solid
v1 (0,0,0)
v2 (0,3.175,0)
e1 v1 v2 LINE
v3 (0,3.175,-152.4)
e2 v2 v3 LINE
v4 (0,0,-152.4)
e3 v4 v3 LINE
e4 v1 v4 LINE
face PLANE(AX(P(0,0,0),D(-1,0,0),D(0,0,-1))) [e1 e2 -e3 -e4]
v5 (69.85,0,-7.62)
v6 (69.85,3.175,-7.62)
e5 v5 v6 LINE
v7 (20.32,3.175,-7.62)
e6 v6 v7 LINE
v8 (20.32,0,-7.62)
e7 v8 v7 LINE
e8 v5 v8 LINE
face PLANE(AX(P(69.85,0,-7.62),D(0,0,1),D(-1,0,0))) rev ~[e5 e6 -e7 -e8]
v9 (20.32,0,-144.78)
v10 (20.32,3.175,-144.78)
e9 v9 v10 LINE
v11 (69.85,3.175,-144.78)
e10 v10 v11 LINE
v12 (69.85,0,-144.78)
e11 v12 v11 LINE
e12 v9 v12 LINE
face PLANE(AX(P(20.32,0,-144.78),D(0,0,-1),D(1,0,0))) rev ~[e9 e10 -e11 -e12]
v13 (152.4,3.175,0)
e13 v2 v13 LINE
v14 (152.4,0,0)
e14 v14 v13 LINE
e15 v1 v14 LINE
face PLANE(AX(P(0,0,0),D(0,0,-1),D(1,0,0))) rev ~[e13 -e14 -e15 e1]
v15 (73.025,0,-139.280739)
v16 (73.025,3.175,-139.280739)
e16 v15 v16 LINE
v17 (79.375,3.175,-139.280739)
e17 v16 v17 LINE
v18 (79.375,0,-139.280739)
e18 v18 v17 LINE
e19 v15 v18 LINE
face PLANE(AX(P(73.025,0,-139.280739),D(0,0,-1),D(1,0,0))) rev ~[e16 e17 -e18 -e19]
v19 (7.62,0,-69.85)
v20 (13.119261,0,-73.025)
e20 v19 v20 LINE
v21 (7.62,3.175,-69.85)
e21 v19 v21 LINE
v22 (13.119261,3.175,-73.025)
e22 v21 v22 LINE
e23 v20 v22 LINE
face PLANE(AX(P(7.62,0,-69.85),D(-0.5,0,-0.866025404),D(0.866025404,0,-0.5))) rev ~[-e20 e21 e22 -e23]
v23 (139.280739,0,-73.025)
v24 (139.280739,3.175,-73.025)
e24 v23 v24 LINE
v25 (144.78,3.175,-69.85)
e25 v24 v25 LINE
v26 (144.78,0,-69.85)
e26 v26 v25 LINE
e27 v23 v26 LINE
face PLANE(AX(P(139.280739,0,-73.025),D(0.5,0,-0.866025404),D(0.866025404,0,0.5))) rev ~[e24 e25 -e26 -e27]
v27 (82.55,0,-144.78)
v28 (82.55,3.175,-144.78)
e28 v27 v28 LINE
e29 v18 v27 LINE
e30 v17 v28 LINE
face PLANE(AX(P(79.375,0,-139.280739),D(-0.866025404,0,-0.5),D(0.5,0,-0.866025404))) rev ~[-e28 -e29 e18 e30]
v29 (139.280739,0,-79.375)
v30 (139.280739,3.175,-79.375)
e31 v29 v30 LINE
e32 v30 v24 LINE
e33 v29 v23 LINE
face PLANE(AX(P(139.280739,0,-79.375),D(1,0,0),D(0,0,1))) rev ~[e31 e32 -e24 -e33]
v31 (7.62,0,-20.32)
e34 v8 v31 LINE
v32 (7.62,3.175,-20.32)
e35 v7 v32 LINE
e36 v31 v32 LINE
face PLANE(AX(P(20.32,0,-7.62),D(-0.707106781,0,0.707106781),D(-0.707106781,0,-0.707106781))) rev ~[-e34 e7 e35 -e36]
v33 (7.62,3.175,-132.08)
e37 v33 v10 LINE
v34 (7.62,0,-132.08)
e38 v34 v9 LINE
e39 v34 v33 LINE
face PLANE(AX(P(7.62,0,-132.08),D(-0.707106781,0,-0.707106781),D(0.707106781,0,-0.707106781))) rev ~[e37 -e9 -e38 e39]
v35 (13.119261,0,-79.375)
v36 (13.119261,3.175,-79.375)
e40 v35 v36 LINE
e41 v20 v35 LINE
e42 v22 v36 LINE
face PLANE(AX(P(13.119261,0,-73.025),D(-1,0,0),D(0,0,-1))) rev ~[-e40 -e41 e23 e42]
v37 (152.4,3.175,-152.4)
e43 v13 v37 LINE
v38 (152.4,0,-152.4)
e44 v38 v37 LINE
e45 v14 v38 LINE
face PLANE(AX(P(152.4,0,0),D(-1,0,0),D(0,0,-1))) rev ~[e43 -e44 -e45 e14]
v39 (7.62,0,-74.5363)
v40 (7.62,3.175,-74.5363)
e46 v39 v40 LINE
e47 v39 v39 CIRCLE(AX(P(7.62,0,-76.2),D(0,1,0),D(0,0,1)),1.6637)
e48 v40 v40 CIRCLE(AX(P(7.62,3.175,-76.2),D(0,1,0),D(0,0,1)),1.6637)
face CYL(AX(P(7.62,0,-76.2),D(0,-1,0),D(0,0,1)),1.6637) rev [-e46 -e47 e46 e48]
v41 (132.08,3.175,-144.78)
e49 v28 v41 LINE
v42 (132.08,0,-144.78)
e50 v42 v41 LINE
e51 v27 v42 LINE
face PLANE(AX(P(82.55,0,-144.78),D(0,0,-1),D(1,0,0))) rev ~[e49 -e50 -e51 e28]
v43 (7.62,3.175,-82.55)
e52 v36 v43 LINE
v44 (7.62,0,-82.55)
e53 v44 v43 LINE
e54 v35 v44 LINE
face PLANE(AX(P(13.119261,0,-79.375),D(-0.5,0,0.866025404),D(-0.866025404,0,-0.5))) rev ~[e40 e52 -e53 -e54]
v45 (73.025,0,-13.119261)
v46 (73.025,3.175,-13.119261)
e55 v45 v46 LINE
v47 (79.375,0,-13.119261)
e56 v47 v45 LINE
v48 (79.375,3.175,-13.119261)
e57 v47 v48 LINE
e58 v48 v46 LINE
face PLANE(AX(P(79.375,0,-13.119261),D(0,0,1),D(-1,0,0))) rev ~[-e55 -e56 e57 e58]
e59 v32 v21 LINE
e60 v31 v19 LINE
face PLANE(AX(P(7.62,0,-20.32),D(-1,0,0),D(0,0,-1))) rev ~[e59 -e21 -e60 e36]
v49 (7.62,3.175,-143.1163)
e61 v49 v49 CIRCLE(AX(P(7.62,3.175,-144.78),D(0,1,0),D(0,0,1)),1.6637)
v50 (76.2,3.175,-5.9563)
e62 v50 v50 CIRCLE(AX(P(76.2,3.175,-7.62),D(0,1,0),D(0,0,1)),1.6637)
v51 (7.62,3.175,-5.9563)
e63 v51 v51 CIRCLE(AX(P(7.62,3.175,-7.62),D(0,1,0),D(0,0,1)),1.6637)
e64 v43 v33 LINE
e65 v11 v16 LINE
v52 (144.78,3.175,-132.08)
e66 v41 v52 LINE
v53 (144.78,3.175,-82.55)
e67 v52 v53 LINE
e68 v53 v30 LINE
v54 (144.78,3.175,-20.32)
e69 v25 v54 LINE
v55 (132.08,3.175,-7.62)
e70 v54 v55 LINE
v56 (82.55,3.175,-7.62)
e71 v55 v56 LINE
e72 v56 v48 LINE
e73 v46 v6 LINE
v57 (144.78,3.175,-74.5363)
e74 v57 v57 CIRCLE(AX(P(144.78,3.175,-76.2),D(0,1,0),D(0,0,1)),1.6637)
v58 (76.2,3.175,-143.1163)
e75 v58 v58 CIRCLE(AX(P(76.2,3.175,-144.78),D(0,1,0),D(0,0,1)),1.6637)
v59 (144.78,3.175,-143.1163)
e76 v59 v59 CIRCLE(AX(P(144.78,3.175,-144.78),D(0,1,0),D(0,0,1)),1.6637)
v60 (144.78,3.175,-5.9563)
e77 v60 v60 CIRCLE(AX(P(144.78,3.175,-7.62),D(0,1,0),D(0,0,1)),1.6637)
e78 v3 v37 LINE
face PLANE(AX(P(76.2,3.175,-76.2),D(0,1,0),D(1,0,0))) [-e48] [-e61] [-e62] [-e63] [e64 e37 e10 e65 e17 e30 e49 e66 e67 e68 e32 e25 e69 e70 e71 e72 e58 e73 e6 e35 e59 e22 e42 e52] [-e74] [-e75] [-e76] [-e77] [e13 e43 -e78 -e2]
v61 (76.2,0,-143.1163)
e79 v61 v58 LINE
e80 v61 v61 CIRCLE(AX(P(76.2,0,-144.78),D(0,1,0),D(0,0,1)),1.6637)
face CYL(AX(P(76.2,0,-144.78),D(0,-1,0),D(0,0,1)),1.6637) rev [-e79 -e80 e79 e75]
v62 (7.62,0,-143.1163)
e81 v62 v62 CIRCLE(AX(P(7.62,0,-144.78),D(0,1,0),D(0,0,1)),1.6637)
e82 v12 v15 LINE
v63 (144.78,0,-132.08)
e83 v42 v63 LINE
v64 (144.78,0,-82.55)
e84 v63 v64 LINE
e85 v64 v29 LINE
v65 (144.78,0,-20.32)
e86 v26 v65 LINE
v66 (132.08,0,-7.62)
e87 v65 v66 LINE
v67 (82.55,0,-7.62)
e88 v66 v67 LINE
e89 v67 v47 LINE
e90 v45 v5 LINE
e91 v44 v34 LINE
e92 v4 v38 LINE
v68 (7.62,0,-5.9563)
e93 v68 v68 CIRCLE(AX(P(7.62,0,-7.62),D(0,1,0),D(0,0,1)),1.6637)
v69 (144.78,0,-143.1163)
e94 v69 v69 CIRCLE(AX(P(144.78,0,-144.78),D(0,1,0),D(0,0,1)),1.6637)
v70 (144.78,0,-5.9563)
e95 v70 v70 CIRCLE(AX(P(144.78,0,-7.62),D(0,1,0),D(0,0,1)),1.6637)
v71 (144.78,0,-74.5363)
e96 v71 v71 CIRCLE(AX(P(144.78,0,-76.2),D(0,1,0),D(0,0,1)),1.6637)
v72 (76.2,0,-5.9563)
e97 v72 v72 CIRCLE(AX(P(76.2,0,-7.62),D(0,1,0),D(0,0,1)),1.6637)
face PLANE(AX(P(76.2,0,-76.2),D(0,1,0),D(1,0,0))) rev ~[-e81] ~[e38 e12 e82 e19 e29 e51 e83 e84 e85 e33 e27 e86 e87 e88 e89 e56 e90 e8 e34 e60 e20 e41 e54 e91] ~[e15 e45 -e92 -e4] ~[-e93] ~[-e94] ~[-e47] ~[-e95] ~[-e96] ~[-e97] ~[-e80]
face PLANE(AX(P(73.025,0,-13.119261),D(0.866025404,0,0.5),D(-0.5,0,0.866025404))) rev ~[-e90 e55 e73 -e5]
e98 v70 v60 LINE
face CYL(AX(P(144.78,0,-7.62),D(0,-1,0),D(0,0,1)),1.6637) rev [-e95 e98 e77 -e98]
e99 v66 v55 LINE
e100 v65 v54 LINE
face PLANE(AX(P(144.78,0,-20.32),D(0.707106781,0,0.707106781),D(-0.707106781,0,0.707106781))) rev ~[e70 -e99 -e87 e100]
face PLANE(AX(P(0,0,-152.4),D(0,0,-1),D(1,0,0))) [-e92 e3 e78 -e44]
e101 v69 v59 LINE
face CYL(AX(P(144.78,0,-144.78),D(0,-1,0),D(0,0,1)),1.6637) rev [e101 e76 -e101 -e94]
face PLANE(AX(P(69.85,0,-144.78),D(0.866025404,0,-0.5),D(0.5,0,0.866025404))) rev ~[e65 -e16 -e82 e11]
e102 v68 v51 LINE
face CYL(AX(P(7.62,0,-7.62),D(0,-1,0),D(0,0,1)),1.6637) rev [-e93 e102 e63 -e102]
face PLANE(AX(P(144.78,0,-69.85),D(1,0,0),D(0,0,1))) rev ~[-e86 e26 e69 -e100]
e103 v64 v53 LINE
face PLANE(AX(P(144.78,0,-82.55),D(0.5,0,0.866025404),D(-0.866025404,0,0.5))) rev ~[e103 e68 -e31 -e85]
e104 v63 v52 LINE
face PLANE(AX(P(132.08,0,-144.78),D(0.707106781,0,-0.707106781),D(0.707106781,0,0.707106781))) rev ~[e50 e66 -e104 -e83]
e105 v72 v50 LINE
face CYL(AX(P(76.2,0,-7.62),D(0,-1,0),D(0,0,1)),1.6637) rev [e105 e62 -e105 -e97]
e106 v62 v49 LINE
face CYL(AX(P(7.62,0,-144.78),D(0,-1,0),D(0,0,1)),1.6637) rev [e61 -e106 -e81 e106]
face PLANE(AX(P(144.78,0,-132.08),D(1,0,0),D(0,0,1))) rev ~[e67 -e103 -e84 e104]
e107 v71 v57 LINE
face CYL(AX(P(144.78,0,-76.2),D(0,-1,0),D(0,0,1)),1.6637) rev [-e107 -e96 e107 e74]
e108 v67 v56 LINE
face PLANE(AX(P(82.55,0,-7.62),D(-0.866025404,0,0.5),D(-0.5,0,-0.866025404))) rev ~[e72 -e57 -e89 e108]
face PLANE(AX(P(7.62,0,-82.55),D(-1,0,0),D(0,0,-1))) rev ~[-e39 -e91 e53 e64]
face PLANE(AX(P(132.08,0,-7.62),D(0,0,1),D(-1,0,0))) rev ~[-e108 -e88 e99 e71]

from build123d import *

# Parameters (mm, degrees)
SKETCH1_W           = 152.4
SKETCH1_H           = 152.4
SKETCH1_R           = 1.6637
BOSS_EXTRUDE4_DEPTH = 3.175


with BuildPart() as part:
    # Sketch1 → Boss-Extrude4 (new body)
    with BuildSketch(Plane(origin=(0, 0, 0), x_dir=(1, 0, 0), z_dir=(0, 1, 0))):
        with Locations((76.2, 76.2)):
            Rectangle(SKETCH1_W, SKETCH1_H)
        with Locations(Location((7.62, 7.62, 0), (0, 0, 270))):
            Circle(SKETCH1_R, mode=Mode.SUBTRACT)
        with Locations(Location((7.62, 144.78, 0), (0, 0, 270))):
            Circle(SKETCH1_R, mode=Mode.SUBTRACT)
        with Locations(Location((144.78, 144.78, 0), (0, 0, 270))):
            Circle(SKETCH1_R, mode=Mode.SUBTRACT)
        with Locations(Location((144.78, 7.62, 0), (0, 0, 270))):
            Circle(SKETCH1_R, mode=Mode.SUBTRACT)
        with Locations(Location((76.2, 7.62, 0), (0, 0, 270))):
            Circle(SKETCH1_R, mode=Mode.SUBTRACT)
        with Locations(Location((76.2, 144.78, 0), (0, 0, 270))):
            Circle(SKETCH1_R, mode=Mode.SUBTRACT)
        with Locations(Location((144.78, 76.2, 0), (0, 0, 270))):
            Circle(SKETCH1_R, mode=Mode.SUBTRACT)
        with Locations(Location((7.62, 76.2, 0), (0, 0, 270))):
            Circle(SKETCH1_R, mode=Mode.SUBTRACT)
        Polygon((69.85, 7.62), (20.32, 7.62), (7.62, 20.32), (7.62, 69.85), (13.119261314, 73.025), (13.119261314, 79.375), (7.62, 82.55), (7.62, 132.08), (20.32, 144.78), (69.85, 144.78), (73.025, 139.280738686), (79.375, 139.280738686), (82.55, 144.78), (132.08, 144.78), (144.78, 132.08), (144.78, 82.55), (139.280738686, 79.375), (139.280738686, 73.025), (144.78, 69.85), (144.78, 20.32), (132.08, 7.62), (82.55, 7.62), (79.375, 13.119261314), (73.025, 13.119261314), align=None, mode=Mode.SUBTRACT)
    extrude(amount=BOSS_EXTRUDE4_DEPTH)


solid = part.part
